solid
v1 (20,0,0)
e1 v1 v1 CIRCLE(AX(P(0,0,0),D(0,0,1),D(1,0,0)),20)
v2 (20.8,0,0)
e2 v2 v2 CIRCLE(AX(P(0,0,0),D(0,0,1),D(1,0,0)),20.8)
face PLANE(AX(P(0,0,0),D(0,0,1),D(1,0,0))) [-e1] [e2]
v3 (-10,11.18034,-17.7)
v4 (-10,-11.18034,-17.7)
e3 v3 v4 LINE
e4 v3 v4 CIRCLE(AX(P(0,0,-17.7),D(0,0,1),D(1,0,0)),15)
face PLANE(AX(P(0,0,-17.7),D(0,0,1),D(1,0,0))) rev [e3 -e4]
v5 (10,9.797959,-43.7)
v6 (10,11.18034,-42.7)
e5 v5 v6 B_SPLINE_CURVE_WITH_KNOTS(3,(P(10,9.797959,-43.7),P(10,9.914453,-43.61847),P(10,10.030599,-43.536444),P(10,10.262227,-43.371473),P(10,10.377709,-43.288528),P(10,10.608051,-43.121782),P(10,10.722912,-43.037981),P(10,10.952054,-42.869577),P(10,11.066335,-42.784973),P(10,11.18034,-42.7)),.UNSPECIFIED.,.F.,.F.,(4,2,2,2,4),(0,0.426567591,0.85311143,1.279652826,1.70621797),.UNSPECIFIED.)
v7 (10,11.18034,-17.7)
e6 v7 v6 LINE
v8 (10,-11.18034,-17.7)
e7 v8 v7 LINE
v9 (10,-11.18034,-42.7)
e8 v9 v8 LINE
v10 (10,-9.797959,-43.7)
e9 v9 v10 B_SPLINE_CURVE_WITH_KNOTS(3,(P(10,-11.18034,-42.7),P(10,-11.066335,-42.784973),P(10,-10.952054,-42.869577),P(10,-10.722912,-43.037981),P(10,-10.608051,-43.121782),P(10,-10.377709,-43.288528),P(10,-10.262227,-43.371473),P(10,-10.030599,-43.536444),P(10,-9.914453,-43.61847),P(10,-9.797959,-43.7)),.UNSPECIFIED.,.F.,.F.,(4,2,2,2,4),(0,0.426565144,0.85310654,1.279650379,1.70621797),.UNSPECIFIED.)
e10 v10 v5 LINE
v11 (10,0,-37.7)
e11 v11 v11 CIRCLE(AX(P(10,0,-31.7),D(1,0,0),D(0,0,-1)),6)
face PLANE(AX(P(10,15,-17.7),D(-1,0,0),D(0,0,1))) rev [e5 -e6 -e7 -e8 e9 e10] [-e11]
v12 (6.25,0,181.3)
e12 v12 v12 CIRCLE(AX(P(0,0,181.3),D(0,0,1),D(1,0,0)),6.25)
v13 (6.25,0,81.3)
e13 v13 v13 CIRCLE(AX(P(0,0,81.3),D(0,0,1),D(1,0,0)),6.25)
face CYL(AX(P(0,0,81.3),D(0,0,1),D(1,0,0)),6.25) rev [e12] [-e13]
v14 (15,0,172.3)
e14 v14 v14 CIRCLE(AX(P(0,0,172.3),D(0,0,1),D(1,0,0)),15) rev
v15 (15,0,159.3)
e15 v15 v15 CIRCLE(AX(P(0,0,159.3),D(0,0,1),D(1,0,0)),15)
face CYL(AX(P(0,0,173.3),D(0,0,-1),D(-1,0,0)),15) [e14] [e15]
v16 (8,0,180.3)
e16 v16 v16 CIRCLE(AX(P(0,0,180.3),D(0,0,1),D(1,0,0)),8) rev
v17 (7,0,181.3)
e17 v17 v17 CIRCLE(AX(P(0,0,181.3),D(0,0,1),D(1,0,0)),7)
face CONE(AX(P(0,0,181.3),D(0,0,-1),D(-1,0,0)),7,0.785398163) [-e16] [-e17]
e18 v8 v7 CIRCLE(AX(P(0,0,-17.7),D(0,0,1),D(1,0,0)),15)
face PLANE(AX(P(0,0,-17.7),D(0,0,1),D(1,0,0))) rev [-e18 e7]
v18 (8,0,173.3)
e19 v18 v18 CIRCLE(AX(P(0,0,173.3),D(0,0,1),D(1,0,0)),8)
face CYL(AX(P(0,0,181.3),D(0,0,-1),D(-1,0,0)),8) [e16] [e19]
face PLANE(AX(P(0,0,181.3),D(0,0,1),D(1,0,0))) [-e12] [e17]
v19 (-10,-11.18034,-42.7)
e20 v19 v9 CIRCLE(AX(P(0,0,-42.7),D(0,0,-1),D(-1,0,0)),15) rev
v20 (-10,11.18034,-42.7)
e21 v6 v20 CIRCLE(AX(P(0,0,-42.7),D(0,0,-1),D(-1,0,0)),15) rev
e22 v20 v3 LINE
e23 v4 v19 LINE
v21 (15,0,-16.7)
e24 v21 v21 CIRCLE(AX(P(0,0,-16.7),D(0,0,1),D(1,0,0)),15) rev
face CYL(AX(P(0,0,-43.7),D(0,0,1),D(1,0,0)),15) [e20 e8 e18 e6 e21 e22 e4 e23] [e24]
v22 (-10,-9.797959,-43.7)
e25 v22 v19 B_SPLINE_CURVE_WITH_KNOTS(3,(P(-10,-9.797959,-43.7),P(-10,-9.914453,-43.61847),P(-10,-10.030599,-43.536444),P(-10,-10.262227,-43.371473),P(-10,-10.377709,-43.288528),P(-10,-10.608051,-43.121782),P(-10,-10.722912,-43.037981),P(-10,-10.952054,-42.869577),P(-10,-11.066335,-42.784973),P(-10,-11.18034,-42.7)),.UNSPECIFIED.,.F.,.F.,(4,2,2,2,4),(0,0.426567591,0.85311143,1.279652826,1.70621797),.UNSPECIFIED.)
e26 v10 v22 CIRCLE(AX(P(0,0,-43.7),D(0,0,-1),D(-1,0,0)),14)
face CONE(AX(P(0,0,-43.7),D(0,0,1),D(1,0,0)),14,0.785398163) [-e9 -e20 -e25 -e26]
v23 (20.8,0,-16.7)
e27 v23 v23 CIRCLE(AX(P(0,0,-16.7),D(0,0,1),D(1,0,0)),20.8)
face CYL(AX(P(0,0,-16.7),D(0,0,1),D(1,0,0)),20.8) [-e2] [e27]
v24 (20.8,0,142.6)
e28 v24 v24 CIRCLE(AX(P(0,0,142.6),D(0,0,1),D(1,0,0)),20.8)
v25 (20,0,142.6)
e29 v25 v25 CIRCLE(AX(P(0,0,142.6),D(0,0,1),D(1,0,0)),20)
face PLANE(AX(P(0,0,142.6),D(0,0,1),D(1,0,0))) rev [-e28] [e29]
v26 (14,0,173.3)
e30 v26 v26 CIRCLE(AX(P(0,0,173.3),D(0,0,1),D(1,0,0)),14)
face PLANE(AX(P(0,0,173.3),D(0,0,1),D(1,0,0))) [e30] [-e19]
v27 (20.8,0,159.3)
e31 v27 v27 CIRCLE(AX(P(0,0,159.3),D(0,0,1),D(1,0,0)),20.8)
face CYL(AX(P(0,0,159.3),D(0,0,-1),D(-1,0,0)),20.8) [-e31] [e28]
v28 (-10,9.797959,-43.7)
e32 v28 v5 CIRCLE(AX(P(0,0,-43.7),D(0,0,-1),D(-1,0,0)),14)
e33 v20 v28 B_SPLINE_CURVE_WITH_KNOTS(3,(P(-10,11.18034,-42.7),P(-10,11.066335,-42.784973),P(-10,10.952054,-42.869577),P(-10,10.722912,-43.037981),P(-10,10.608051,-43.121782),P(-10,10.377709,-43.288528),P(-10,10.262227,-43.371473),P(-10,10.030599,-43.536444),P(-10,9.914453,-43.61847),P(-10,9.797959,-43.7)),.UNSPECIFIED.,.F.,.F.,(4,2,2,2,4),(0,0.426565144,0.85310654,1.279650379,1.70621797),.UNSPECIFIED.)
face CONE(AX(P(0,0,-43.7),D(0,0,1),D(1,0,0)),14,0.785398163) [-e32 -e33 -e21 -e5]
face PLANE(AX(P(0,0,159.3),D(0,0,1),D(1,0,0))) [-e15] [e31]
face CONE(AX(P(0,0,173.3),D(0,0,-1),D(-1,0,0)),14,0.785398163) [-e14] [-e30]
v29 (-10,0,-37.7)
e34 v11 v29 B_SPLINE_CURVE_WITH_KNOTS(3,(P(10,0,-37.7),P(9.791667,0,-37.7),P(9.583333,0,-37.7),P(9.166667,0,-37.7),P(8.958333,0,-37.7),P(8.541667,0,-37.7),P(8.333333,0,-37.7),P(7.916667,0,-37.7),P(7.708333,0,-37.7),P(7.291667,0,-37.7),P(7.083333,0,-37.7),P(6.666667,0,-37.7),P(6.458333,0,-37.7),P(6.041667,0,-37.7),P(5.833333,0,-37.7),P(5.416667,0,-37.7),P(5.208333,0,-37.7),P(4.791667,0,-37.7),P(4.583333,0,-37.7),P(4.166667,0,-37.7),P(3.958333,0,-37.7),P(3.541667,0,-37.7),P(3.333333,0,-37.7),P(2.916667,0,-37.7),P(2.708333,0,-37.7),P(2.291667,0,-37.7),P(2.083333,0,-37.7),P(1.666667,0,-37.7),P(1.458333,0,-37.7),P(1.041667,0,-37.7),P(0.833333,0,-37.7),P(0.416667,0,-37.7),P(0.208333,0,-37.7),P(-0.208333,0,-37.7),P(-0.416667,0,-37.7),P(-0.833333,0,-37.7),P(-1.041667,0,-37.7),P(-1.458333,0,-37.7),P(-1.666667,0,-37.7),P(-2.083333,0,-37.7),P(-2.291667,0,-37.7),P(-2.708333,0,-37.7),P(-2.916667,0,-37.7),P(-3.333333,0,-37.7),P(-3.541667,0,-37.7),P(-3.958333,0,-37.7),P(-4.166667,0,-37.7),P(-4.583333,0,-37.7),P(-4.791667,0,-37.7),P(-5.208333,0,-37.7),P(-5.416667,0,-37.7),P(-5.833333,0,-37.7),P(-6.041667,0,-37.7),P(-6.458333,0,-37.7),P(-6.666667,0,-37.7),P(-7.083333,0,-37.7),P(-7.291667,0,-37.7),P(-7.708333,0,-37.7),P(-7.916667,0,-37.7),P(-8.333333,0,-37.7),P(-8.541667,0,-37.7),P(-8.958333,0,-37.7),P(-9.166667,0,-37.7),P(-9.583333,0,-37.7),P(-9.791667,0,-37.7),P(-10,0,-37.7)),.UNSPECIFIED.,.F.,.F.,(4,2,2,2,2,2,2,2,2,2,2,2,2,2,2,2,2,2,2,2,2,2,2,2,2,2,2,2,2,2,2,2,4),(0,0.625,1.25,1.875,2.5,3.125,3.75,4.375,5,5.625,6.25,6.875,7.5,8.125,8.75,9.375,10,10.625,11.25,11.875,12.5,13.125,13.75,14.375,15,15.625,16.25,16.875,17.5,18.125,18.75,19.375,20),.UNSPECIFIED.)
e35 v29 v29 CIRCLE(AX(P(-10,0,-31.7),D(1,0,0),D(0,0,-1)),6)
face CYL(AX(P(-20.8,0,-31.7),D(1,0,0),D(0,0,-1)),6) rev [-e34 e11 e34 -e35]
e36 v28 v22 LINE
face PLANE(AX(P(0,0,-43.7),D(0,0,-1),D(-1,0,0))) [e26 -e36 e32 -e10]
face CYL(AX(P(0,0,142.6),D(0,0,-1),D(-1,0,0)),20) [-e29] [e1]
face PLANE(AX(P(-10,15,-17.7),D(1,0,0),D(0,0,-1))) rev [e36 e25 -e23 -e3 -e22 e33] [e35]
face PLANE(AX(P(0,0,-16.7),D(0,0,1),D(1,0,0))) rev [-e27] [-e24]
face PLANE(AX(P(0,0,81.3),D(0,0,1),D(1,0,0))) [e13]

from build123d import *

# Parameters (mm, degrees)
ESQUISSE1_R             = 20
BOSS_EXTRU_1_DEPTH      = 142.6
ESQUISSE2_R             = 20.8
BOSS_EXTRU_2_DEPTH      = 16.7
BOSS_EXTRU_5_START      = -159.3
ESQUISSE2_3_R           = 20.8
BOSS_EXTRU_5_DEPTH      = 16.7
ESQUISSE3_R             = 15
BOSS_EXTRU_6_DEPTH      = 27
ESQUISSE4_W             = 6
ESQUISSE4_H             = 30
ENL_V_MAT_EXTRU_1_DEPTH = 26
ESQUISSE5_R             = 6
ENL_V_MAT_EXTRU_2_DEPTH = 164.578024196
CHANFREIN1_SIZE         = 1
BOSS_EXTRU_7_START      = 14
ESQUISSE6_R             = 15
BOSS_EXTRU_7_DEPTH      = 14
ESQUISSE7_R             = 8
BOSS_EXTRU_8_DEPTH      = 8
CHANFREIN3_SIZE         = 1
ESQUISSE9_R             = 6.25
ENL_V_MAT_EXTRU_3_DEPTH = 100


with BuildPart() as part:
    # Esquisse1 → Boss.-Extru.1 (new body)
    with BuildSketch(Plane.XY):
        Circle(ESQUISSE1_R)
    extrude(amount=BOSS_EXTRU_1_DEPTH)

    # Esquisse2 → Boss.-Extru.2 (add)
    with BuildSketch(Plane.XY.offset(142.6)):
        Circle(ESQUISSE2_R)
    extrude(amount=BOSS_EXTRU_2_DEPTH)

    # Esquisse2<3> → Boss.-Extru.5 (add)
    with BuildSketch(Plane.XY.offset(142.6).offset(BOSS_EXTRU_5_START)):
        Circle(ESQUISSE2_3_R)
    extrude(amount=BOSS_EXTRU_5_DEPTH)

    # Esquisse3 → Boss.-Extru.6 (add)
    with BuildSketch(Plane(origin=(0, 0, -16.7), x_dir=(-1, 0, 0), z_dir=(0, 0, -1))):
        Circle(ESQUISSE3_R)
    extrude(amount=BOSS_EXTRU_6_DEPTH)

    # Esquisse4 → Enlèv. mat.-Extru.1 (cut)
    with BuildSketch(Plane(origin=(0, 0, -43.7), x_dir=(-1, 0, 0), z_dir=(0, 0, -1))):
        with Locations((-13, 0)):
            Rectangle(ESQUISSE4_W, ESQUISSE4_H)
        with Locations((13, 0)):
            Rectangle(ESQUISSE4_W, ESQUISSE4_H)
    extrude(amount=-ENL_V_MAT_EXTRU_1_DEPTH, mode=Mode.SUBTRACT)

    # Esquisse5 → Enlèv. mat.-Extru.2 (cut, through all)
    with BuildSketch(Plane(origin=(10, 0, 0), x_dir=(0, 0, -1), z_dir=(1, 0, 0))):
        with Locations((31.7, 0)):
            Circle(ESQUISSE5_R)
    extrude(amount=-ENL_V_MAT_EXTRU_2_DEPTH, mode=Mode.SUBTRACT)

    # Chanfrein1
    chanfrein1_edges = [part.edges().sort_by_distance(p)[0] for p in [
        (0, 15, -43.7),
        (0, -15, -43.7),
    ]]
    chamfer(chanfrein1_edges, length=CHANFREIN1_SIZE)

    # Esquisse6 → Boss.-Extru.7 (add)
    with BuildSketch(Plane.XY.offset(159.3).offset(BOSS_EXTRU_7_START)):
        Circle(ESQUISSE6_R)
    extrude(amount=-BOSS_EXTRU_7_DEPTH)

    # Esquisse7 → Boss.-Extru.8 (add)
    with BuildSketch(Plane.XY.offset(173.3)):
        Circle(ESQUISSE7_R)
    extrude(amount=BOSS_EXTRU_8_DEPTH)

    # Chanfrein3
    chanfrein3_edges = [part.edges().sort_by_distance(p)[0] for p in [
        (-8, 0, 181.3),
        (-15, 0, 173.3),
    ]]
    chamfer(chanfrein3_edges, length=CHANFREIN3_SIZE)

    # Esquisse9 → Enlèv. mat.-Extru.3 (cut)
    with BuildSketch(Plane.XY.offset(181.3)):
        Circle(ESQUISSE9_R)
    extrude(amount=-ENL_V_MAT_EXTRU_3_DEPTH, mode=Mode.SUBTRACT)


solid = part.part
